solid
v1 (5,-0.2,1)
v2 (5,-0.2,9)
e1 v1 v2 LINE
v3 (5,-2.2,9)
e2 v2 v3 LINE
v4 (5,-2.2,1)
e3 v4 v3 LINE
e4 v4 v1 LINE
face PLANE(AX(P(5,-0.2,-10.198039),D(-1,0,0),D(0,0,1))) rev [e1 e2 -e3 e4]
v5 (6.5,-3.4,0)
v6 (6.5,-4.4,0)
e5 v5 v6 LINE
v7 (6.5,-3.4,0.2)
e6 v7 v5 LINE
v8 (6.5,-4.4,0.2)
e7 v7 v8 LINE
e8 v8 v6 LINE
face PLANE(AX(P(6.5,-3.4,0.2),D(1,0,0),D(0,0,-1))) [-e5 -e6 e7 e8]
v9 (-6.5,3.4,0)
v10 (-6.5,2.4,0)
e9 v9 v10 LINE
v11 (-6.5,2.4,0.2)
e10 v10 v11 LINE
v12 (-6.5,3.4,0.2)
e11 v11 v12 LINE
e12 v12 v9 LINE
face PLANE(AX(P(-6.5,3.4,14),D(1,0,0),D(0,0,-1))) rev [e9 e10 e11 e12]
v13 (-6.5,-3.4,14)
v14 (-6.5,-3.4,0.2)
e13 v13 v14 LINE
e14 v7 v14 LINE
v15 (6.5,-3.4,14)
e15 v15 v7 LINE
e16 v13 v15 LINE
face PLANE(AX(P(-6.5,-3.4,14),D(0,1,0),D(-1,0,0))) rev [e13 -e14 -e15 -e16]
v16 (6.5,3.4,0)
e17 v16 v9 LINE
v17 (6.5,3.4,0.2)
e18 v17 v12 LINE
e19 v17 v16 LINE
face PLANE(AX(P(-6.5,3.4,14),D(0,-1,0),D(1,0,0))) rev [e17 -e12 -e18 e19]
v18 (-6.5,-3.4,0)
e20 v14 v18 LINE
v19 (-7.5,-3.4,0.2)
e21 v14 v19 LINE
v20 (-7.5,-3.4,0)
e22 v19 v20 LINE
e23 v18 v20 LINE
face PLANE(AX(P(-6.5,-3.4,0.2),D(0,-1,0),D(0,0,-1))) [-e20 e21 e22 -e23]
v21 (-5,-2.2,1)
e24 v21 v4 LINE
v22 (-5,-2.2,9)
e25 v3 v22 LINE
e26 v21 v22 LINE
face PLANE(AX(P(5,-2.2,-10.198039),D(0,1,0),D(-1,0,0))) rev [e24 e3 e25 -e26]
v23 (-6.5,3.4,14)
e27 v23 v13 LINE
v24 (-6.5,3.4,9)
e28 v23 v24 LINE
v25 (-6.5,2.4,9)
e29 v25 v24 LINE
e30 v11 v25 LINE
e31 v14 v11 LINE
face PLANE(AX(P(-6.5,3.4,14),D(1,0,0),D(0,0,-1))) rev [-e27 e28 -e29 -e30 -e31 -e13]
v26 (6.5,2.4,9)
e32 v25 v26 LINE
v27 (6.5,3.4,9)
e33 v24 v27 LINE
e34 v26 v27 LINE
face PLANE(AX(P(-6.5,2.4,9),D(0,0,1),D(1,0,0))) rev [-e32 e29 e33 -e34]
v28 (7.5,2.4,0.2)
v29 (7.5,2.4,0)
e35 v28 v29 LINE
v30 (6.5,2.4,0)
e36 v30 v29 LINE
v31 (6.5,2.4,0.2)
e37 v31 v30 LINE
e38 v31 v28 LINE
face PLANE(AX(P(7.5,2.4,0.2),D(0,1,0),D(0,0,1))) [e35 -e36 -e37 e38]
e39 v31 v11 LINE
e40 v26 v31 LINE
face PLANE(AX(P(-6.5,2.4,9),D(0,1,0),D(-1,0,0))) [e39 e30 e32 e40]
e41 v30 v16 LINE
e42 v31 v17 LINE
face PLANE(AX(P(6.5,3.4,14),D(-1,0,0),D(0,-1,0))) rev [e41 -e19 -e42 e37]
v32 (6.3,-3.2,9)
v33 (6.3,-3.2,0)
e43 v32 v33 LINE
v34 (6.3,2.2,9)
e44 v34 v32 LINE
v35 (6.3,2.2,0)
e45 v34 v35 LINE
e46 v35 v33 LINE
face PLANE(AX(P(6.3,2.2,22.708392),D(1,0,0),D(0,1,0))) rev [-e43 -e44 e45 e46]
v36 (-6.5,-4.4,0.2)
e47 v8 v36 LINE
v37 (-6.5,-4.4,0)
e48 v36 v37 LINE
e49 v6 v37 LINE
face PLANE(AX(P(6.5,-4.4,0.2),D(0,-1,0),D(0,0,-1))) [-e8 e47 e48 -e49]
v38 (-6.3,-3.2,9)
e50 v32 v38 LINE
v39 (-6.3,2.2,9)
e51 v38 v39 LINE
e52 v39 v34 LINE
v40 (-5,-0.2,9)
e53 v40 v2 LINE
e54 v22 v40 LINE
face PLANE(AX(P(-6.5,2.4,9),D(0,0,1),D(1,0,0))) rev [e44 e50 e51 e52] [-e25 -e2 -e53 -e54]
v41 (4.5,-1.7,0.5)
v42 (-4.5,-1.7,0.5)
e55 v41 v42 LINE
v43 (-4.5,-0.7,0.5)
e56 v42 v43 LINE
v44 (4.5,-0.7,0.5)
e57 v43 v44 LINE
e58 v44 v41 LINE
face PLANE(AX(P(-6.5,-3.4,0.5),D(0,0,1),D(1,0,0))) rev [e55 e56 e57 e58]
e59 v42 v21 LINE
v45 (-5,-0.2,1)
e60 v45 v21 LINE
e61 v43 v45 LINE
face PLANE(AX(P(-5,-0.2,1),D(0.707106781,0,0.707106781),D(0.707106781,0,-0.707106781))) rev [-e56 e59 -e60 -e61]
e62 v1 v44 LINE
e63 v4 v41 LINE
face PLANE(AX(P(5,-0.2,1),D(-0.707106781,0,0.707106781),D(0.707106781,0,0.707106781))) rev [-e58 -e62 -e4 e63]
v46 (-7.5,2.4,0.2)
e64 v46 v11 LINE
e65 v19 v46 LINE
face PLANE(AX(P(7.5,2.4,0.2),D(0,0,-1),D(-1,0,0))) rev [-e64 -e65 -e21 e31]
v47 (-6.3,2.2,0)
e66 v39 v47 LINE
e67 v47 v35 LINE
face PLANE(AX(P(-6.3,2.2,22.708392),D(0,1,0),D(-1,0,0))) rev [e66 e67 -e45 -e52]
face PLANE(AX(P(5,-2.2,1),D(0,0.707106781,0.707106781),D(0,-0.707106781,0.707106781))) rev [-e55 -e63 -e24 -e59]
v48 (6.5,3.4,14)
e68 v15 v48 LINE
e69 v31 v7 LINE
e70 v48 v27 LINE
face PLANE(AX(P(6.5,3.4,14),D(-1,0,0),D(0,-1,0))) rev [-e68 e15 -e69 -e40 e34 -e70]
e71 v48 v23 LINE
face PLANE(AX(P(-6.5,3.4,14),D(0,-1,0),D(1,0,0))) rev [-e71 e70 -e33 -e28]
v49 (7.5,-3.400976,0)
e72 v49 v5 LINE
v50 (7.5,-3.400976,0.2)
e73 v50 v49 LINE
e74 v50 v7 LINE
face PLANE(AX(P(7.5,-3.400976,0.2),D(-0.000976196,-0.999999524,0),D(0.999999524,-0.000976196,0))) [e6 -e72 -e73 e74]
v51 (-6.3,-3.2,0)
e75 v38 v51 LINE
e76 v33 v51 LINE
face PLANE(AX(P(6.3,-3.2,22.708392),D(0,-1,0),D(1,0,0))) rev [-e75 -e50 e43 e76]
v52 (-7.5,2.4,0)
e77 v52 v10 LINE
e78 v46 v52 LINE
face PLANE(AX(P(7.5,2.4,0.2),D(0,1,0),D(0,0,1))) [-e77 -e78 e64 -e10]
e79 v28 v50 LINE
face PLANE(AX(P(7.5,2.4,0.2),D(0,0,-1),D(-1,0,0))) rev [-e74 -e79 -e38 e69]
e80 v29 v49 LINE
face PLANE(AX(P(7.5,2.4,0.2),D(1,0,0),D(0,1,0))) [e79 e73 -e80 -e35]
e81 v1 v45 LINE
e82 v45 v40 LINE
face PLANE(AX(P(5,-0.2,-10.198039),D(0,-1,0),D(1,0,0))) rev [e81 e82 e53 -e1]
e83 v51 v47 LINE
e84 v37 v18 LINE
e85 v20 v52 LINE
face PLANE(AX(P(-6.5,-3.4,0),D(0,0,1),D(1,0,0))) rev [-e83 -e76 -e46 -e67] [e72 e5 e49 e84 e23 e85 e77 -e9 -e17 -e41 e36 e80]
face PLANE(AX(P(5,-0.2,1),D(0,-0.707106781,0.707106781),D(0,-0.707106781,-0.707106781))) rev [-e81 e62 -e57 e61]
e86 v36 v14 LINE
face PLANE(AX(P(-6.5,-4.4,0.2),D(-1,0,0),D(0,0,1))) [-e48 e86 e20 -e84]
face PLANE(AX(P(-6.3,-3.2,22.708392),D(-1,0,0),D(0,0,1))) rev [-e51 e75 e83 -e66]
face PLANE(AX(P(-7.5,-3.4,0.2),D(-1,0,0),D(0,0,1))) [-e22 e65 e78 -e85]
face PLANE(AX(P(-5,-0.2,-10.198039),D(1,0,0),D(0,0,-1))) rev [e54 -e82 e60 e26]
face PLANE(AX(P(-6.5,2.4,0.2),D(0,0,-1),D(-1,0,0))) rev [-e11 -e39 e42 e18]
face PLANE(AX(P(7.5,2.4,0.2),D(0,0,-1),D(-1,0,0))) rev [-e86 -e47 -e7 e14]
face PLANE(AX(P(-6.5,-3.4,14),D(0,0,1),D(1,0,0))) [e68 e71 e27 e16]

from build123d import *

# Parameters (mm, degrees)
SKETCH_1_W          = 13
SKETCH_1_H          = 6.8
EXTRUDE_1_DEPTH     = 14
SKETCH_3_W          = 13
SKETCH_3_H          = 8.8
CUT_EXTRUDE_1_DEPTH = 1
EXTRUDE_2_DEPTH     = 0.2
SKETCH_6_W          = 12.6
SKETCH_6_H          = 5.4
CUT_EXTRUDE_2_DEPTH = 9
SKETCH_7_W          = 10
SKETCH_7_H          = 2
EXTRUDE_3_DEPTH     = 8.5
CHAMFER_1_SIZE      = 0.5


with BuildPart() as part:
    # 草图1 → 拉伸1 (new body)
    with BuildSketch(Plane.XY):
        Rectangle(SKETCH_1_W, SKETCH_1_H)
    extrude(amount=EXTRUDE_1_DEPTH)

    # 草图3 → 切除-拉伸1 (cut)
    with BuildSketch(Plane(origin=(0, 3.4, 0), x_dir=(-1, 0, 0), z_dir=(0, 1, 0))):
        with Locations((0, 4.6)):
            Rectangle(SKETCH_3_W, SKETCH_3_H)
    extrude(amount=-CUT_EXTRUDE_1_DEPTH, mode=Mode.SUBTRACT)

    # 草图4 → 拉伸2 (add)
    with BuildSketch(Plane(origin=(0, 0, 0), x_dir=(-1, 0, 0), z_dir=(0, 0, -1))):
        Polygon((-7.5, 2.4), (7.5, 2.4), (7.5, -3.4), (6.5, -3.4), (6.5, -4.4), (-6.5, -4.4), (-6.5, -3.4), (-7.5, -3.400976197), align=None)
    extrude(amount=-EXTRUDE_2_DEPTH)

    # 草图6 → 切除-拉伸2 (cut)
    with BuildSketch(Plane(origin=(0, 0, 0), x_dir=(-1, 0, 0), z_dir=(0, 0, -1))):
        with Locations((0, -0.5)):
            Rectangle(SKETCH_6_W, SKETCH_6_H)
    extrude(amount=-CUT_EXTRUDE_2_DEPTH, mode=Mode.SUBTRACT)

    # 草图7 → 拉伸3 (add)
    with BuildSketch(Plane(origin=(0, 0, 9), x_dir=(-1, 0, 0), z_dir=(0, 0, -1))):
        with Locations((0, -1.2)):
            Rectangle(SKETCH_7_W, SKETCH_7_H)
    extrude(amount=EXTRUDE_3_DEPTH)

    # 倒角1
    chamfer_1_edges = [part.edges().sort_by_distance(p)[0] for p in [
        (0, -0.2, 0.5),
        (-5, -1.2, 0.5),
        (0, -2.2, 0.5),
        (5, -1.2, 0.5),
    ]]
    chamfer(chamfer_1_edges, length=CHAMFER_1_SIZE)


solid = part.part
